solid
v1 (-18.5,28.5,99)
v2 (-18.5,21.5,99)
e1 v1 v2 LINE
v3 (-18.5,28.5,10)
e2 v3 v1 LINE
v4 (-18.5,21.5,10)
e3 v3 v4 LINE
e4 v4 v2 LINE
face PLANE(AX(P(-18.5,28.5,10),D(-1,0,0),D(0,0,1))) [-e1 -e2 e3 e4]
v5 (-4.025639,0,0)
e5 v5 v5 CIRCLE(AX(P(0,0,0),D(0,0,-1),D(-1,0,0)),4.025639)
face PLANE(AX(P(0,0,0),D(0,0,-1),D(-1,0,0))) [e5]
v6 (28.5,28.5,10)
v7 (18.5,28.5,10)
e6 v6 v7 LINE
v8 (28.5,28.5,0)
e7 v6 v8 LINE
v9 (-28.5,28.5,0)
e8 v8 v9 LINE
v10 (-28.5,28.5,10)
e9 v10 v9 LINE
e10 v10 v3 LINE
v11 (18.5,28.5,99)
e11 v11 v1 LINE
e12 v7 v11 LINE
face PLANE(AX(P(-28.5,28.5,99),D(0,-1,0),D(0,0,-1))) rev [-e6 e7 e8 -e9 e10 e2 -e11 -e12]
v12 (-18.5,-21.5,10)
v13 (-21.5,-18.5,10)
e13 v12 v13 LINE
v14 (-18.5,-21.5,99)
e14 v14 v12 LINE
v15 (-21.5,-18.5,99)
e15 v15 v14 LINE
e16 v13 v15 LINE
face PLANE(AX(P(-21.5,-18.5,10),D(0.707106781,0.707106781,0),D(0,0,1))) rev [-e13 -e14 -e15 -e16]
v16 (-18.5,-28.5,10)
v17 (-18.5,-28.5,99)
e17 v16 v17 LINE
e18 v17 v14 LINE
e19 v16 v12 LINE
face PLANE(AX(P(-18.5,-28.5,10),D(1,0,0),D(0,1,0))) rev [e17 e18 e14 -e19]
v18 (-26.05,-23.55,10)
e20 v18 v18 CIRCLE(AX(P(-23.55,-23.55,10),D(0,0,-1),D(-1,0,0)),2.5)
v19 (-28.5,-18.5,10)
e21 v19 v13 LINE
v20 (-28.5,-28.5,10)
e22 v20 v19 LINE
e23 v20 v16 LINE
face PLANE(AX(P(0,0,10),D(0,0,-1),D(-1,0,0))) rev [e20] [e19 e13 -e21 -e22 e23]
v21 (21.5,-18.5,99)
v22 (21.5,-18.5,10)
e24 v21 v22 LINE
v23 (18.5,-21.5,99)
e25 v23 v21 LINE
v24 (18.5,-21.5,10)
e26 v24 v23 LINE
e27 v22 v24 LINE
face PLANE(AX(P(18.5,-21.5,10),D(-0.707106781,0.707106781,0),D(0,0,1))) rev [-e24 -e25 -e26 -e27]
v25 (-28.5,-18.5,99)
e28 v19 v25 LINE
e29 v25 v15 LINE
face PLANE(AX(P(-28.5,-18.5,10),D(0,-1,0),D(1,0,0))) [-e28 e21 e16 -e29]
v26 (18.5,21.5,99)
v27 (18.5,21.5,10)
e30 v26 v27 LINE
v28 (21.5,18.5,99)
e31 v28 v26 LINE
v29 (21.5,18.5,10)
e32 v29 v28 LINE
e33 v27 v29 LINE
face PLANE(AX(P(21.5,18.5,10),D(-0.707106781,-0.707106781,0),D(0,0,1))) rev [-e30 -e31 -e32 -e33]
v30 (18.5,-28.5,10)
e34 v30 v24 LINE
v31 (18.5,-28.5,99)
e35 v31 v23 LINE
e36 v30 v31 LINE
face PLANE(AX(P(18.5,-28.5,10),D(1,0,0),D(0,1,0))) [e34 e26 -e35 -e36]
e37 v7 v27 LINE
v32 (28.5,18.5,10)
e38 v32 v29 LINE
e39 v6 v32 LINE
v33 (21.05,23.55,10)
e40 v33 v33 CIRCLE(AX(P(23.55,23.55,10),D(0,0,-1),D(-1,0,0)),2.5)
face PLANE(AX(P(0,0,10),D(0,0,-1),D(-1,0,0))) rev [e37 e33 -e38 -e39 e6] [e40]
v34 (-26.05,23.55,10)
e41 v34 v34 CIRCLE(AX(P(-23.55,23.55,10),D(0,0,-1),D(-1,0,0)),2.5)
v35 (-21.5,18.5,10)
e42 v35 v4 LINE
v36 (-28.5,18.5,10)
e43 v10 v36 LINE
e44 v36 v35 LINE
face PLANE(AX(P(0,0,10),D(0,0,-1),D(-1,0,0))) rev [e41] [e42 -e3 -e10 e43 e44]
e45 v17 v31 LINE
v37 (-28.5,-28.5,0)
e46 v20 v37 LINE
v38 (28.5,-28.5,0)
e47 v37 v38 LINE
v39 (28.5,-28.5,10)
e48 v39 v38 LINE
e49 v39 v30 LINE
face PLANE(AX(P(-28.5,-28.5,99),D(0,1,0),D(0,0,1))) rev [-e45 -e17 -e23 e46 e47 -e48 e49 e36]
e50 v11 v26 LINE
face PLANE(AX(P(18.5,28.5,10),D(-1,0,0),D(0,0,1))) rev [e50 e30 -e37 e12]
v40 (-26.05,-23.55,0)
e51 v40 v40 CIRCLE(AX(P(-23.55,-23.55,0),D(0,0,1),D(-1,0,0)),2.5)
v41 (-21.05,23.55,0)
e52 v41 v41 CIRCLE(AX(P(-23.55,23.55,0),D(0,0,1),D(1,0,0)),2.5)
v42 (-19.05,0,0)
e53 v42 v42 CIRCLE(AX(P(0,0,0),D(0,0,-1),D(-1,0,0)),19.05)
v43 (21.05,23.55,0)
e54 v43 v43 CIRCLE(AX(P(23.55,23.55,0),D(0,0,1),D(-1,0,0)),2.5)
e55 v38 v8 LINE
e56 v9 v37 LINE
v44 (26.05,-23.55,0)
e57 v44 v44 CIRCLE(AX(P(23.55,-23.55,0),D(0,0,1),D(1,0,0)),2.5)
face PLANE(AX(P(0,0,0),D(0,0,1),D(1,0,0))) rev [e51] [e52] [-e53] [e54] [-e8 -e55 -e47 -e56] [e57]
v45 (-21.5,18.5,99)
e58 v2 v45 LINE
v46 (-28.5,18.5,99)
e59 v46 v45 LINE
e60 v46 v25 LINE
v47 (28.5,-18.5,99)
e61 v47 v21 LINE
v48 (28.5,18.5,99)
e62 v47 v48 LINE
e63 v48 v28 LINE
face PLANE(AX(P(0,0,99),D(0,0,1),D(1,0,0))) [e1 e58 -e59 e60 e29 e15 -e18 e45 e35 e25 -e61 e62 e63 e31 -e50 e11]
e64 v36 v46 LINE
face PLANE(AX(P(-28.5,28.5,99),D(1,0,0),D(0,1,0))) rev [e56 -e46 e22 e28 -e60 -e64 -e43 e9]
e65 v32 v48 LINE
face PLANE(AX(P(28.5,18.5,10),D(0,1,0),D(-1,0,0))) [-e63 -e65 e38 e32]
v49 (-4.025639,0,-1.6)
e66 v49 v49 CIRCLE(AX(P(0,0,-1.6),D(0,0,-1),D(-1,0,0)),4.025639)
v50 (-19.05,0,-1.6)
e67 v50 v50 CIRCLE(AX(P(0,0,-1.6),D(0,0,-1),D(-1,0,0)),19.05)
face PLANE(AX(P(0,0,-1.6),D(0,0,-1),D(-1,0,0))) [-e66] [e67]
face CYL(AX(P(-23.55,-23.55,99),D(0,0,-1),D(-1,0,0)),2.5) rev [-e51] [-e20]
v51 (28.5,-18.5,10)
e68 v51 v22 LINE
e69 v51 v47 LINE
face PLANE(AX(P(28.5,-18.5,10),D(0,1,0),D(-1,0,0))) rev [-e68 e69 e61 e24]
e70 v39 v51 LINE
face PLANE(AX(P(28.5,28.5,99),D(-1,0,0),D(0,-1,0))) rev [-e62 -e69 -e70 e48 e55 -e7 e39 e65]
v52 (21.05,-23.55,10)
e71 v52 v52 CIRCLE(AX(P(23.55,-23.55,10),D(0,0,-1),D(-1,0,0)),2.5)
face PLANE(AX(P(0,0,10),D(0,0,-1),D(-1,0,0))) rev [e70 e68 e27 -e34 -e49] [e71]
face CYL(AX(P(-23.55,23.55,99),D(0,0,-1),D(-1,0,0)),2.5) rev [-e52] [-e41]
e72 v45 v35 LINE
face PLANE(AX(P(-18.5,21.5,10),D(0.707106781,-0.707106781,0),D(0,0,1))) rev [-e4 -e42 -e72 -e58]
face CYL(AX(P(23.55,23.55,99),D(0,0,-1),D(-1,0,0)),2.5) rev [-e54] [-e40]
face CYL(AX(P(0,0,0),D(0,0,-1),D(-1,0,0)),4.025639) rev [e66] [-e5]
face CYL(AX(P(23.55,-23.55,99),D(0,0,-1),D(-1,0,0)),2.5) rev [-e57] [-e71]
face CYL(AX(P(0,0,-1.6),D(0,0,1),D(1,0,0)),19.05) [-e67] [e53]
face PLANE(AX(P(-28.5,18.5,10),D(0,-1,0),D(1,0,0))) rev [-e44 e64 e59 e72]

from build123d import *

# Parameters (mm, degrees)
SKETCH1_W           = 57
SKETCH1_H           = 57
SKETCH1_R           = 2.5
BOSS_EXTRUDE2_DEPTH = 99
SKETCH3_W           = 10
SKETCH3_H           = 10
CUT_EXTRUDE1_DEPTH  = 89
CHAMFER1_SIZE       = 3
SKETCH4_R           = 19.05
BOSS_EXTRUDE5_DEPTH = 1.6
SKETCH9_R           = 4.025639025
CUT_EXTRUDE3_DEPTH  = 1.6


with BuildPart() as part:
    # Sketch1 → Boss-Extrude2 (new body)
    with BuildSketch(Plane.XY):
        Rectangle(SKETCH1_W, SKETCH1_H)
        with Locations((23.55, -23.55)):
            Circle(SKETCH1_R, mode=Mode.SUBTRACT)
        with Locations((23.55, 23.55)):
            Circle(SKETCH1_R, mode=Mode.SUBTRACT)
        with Locations((-23.55, 23.55)):
            Circle(SKETCH1_R, mode=Mode.SUBTRACT)
        with Locations((-23.55, -23.55)):
            Circle(SKETCH1_R, mode=Mode.SUBTRACT)
    extrude(amount=BOSS_EXTRUDE2_DEPTH)

    # Sketch3 → Cut-Extrude1 (cut)
    with BuildSketch(Plane.XY.offset(99)):
        with Locations((-23.5, 23.5)):
            Rectangle(SKETCH3_W, SKETCH3_H)
        with Locations((-23.5, -23.5)):
            Rectangle(SKETCH3_W, SKETCH3_H)
        with Locations((23.5, -23.5)):
            Rectangle(SKETCH3_W, SKETCH3_H)
        with Locations((23.5, 23.5)):
            Rectangle(SKETCH3_W, SKETCH3_H)
    extrude(amount=-CUT_EXTRUDE1_DEPTH, mode=Mode.SUBTRACT)

    # Chamfer1
    chamfer1_edges = [part.edges().sort_by_distance(p)[0] for p in [
        (-18.5, -18.5, 54.5),
        (18.5, -18.5, 54.5),
        (18.5, 18.5, 54.5),
        (-18.5, 18.5, 54.5),
    ]]
    chamfer(chamfer1_edges, length=CHAMFER1_SIZE)

    # Sketch4 → Boss-Extrude5 (add)
    with BuildSketch(Plane(origin=(0, 0, 0), x_dir=(-1, 0, 0), z_dir=(0, 0, -1))):
        Circle(SKETCH4_R)
    extrude(amount=BOSS_EXTRUDE5_DEPTH)

    # Sketch9 → Cut-Extrude3 (cut)
    with BuildSketch(Plane(origin=(0, 0, -1.6), x_dir=(-1, 0, 0), z_dir=(0, 0, -1))):
        Circle(SKETCH9_R)
    extrude(amount=-CUT_EXTRUDE3_DEPTH, mode=Mode.SUBTRACT)


solid = part.part
